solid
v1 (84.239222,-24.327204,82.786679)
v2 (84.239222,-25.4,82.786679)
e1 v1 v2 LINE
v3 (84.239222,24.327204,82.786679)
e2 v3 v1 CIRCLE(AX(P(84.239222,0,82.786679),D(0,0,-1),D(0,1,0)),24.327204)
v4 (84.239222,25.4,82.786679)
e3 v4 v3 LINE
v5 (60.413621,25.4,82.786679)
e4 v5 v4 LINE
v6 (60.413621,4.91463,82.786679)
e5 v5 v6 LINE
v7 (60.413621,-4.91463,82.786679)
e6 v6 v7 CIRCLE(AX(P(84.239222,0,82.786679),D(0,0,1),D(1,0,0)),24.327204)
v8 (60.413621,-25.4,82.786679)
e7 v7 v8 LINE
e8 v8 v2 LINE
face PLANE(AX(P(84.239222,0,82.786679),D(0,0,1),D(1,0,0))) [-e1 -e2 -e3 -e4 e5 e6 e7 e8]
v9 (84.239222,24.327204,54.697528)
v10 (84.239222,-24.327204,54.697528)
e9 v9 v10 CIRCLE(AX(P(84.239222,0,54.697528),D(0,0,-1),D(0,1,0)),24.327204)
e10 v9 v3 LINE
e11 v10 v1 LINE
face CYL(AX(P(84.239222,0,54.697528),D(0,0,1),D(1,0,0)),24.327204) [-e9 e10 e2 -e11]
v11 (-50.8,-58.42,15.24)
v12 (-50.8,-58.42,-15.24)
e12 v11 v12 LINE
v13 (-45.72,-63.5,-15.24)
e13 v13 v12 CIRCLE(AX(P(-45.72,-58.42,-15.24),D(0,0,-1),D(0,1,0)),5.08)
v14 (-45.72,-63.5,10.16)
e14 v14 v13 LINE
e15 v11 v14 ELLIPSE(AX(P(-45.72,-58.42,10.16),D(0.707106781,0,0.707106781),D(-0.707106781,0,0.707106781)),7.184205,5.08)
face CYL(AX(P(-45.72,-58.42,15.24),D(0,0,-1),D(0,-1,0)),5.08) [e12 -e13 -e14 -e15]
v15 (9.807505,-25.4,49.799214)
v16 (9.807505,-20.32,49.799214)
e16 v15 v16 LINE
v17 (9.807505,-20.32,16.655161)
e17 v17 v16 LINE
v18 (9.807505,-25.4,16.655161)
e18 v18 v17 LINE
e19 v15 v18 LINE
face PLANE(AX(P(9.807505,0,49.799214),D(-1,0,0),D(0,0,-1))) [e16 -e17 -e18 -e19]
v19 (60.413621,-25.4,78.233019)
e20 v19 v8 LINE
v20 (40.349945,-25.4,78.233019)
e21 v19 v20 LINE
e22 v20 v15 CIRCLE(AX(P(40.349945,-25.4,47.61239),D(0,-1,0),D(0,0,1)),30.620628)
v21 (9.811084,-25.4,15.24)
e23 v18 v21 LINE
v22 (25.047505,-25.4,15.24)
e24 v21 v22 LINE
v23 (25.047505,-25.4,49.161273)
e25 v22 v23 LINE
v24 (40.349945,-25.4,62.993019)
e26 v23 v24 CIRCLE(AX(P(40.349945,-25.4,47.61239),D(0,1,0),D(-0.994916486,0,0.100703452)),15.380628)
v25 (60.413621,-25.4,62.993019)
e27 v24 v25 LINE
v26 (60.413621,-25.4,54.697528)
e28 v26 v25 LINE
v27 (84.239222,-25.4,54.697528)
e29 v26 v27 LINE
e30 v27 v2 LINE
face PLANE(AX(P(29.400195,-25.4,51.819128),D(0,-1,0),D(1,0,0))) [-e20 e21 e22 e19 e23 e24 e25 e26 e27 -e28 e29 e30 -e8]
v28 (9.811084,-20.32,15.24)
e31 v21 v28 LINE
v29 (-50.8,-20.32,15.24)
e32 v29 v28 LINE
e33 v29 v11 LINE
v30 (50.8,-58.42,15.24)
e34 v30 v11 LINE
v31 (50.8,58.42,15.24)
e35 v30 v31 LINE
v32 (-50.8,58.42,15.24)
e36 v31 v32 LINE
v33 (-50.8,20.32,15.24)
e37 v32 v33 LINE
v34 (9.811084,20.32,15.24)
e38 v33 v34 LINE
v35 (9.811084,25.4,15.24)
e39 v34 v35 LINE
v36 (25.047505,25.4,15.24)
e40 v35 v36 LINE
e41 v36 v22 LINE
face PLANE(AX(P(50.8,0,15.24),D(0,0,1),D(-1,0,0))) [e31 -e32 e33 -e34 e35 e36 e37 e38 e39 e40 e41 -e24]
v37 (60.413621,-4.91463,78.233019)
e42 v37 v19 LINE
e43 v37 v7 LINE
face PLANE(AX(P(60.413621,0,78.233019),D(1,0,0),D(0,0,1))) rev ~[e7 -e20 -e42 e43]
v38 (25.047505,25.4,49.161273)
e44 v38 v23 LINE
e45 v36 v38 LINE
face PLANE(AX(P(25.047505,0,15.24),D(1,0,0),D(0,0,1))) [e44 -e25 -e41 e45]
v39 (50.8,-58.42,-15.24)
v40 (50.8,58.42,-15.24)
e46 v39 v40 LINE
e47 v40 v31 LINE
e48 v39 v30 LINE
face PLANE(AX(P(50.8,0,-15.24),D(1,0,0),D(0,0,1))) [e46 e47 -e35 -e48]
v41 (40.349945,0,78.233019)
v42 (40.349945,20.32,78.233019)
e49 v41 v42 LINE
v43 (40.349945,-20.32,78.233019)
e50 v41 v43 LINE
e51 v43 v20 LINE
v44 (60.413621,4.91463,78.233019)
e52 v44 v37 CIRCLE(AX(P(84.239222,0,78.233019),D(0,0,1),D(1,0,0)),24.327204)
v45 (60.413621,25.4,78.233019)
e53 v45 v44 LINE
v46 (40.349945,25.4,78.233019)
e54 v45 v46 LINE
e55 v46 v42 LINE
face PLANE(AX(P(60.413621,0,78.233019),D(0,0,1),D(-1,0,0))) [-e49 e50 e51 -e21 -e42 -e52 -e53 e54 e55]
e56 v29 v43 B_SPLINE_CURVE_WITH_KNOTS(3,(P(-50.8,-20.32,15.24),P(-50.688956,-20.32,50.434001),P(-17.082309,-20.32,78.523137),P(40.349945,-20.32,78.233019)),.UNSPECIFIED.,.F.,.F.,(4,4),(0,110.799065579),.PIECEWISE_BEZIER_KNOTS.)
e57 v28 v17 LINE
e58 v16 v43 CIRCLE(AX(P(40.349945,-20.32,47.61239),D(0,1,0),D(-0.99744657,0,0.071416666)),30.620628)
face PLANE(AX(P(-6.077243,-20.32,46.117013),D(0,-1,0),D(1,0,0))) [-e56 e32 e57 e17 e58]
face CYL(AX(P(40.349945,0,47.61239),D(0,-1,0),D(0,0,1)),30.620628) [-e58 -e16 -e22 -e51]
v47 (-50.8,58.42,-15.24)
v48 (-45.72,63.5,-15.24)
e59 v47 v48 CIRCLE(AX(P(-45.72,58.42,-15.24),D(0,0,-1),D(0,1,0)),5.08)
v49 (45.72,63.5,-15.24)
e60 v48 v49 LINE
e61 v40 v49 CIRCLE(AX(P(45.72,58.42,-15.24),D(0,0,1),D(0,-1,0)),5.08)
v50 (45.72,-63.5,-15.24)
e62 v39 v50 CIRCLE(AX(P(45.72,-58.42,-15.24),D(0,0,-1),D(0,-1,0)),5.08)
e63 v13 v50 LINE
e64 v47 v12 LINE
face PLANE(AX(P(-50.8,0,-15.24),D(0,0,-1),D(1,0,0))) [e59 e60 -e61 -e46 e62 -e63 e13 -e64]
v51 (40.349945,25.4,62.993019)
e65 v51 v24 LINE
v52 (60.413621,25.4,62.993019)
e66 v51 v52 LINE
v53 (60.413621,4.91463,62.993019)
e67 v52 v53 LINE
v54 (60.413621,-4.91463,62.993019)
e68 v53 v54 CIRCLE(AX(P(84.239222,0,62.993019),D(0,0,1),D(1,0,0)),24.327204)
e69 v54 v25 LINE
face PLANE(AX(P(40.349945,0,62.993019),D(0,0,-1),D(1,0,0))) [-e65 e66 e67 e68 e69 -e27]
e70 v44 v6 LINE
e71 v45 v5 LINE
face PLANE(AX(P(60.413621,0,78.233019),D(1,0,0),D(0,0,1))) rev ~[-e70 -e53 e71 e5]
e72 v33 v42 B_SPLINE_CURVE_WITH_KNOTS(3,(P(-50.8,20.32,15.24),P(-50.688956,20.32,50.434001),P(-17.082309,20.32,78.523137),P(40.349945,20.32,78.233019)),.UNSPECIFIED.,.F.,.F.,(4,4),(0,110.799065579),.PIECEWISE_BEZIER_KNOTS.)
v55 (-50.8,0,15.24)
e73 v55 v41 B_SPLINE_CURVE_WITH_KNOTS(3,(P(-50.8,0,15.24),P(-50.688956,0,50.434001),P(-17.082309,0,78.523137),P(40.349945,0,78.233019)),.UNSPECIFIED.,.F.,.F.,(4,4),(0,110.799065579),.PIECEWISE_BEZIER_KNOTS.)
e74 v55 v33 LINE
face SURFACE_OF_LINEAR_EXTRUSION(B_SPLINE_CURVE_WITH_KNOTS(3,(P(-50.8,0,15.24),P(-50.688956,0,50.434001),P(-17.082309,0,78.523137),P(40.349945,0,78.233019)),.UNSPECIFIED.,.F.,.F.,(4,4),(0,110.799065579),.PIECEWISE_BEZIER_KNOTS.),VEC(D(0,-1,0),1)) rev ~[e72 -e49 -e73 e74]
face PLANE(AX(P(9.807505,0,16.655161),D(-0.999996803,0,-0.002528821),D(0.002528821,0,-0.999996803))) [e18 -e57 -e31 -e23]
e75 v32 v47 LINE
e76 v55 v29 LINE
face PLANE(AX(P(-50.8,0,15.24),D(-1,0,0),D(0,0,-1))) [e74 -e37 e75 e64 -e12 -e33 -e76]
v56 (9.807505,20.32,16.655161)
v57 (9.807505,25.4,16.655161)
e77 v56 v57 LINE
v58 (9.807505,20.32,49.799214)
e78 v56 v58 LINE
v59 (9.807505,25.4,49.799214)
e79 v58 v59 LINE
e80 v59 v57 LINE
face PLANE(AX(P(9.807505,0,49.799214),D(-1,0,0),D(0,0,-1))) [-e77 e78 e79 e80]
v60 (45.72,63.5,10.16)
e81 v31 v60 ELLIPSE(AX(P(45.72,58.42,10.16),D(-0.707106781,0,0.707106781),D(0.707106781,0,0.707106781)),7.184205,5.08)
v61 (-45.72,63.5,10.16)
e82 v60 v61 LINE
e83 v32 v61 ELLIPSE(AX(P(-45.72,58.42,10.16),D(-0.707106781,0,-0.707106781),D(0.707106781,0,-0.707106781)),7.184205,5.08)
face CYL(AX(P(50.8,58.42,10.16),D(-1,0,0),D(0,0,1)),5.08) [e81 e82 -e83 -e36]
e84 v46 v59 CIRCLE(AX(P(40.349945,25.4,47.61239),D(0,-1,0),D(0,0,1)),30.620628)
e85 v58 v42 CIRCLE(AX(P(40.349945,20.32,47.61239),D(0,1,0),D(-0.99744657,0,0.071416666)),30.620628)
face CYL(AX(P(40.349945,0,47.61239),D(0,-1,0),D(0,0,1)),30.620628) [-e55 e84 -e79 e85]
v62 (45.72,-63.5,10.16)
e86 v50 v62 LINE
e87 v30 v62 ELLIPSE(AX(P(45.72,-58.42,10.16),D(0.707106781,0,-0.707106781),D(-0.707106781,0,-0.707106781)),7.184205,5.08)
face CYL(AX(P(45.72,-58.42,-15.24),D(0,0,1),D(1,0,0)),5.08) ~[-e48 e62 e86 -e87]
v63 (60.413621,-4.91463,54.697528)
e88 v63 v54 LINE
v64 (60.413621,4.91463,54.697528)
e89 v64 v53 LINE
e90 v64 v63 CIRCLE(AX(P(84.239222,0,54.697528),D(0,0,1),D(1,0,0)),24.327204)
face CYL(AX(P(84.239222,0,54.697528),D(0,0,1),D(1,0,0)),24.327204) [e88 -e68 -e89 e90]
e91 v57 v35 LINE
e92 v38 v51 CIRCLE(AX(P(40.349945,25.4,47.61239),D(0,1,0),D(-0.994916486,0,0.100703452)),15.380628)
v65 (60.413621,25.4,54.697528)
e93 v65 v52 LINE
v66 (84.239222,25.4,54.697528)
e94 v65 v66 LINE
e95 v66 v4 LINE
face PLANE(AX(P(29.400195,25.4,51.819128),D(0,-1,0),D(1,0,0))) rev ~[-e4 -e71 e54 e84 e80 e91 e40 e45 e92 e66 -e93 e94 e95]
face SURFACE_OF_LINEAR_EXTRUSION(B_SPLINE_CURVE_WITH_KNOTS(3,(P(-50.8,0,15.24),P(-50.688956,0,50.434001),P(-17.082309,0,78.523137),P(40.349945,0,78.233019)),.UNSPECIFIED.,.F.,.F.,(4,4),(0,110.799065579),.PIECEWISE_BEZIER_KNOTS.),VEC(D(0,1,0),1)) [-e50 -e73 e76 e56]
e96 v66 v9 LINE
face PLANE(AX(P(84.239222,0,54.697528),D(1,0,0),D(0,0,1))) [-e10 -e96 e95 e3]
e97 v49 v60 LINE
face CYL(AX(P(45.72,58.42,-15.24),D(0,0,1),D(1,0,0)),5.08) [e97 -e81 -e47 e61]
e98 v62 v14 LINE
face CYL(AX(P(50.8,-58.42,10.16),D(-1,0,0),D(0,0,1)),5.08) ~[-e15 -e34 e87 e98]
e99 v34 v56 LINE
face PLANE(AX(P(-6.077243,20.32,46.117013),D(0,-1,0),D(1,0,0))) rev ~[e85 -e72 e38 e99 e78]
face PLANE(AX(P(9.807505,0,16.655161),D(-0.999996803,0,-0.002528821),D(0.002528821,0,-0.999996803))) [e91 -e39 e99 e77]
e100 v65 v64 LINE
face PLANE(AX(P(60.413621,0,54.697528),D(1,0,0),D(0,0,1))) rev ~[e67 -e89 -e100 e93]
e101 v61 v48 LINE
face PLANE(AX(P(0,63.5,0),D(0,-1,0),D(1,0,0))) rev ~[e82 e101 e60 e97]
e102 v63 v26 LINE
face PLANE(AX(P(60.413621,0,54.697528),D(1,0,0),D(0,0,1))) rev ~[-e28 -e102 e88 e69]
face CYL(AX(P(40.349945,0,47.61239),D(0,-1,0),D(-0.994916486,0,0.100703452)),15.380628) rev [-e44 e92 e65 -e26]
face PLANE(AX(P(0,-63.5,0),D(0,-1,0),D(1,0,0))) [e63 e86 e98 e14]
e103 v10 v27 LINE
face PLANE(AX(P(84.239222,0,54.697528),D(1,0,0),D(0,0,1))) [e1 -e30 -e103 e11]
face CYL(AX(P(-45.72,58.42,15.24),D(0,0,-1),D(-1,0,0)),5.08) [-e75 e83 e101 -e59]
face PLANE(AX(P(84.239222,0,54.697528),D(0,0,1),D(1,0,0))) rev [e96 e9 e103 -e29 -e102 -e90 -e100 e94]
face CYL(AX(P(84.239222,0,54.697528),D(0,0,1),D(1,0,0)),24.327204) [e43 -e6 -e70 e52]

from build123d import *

# Parameters (mm, degrees)
F1_DEPTH = 63.5
F2_R     = 5.08
F0_W     = 23.8256007433
F0_H     = 15.24
F0_H_2   = 4.5536607504
F0_H_3   = 8.295490036
F3_DEPTH = 25.4
F4_DEPTH = 20.32


with BuildPart() as f1:
    # F0 (on Front) → F1 (new body, symmetric)
    with BuildSketch(Plane.XZ):
        Polygon((50.8, 15.24), (25.0475049125, 15.24), (9.811083613, 15.24), (-50.8, 15.24), (-50.8, -15.24), (50.8, -15.24), align=None)
    extrude(amount=F1_DEPTH, both=True)

    # F2
    f2_edges = [f1.edges().sort_by_distance(p)[0] for p in [
        (0, -63.5, 15.24),
        (50.8, -63.5, 0),
        (50.8, 63.5, 0),
        (-50.8, -63.5, 0),
        (-50.8, 63.5, 0),
        (0, 63.5, 15.24),
    ]]
    fillet(f2_edges, radius=F2_R)

    # F0 (on Front) → F3 (join, symmetric)
    with BuildSketch(Plane.XZ):
        with BuildLine():
            Line((9.811083613, 15.24), (25.0475049125, 15.24))
            Line((25.0475049125, 15.24), (25.0475049125, 49.1612727198))
            ThreePointArc((25.0475049125, 49.1612727198), (30.0363393946, 59.0226161714), (40.349945426, 62.9930185175))
            Line((40.349945426, 62.9930185175), (60.413621366, 62.9930185175))
            Line((60.413621366, 62.9930185175), (60.413621366, 78.2330185175))
            Line((60.413621366, 78.2330185175), (40.349945426, 78.2330185175))
            ThreePointArc((40.349945426, 78.2330185175), (19.4853705585, 70.0242707851), (9.8075049125, 49.7992135472))
            Line((9.8075049125, 49.7992135472), (9.8075049125, 16.6551610548))
            Line((9.8075049125, 16.6551610548), (9.811083613, 15.24))
        make_face()
        with Locations((72.3264217377, 70.6130185175)):
            Rectangle(F0_W, F0_H)
        with Locations((72.3264217377, 80.5098488927)):
            Rectangle(F0_W, F0_H_2)
        with Locations((72.3264217377, 58.8452734995)):
            Rectangle(F0_W, F0_H_3)
    extrude(amount=F3_DEPTH, both=True)

    # F0 (on Front) → F4 (join, symmetric)
    with BuildSketch(Plane.XZ):
        with BuildLine():
            Line((-50.8, 15.24), (9.811083613, 15.24))
            Line((9.811083613, 15.24), (9.8075049125, 16.6551610548))
            Line((9.8075049125, 16.6551610548), (9.8075049125, 49.7992135472))
            ThreePointArc((9.8075049125, 49.7992135472), (19.4853705585, 70.0242707851), (40.349945426, 78.2330185175))
            add(Edge.make_bspline(
                [(-50.8, 15.24), (-50.6889559329, 50.4340007901), (-17.0823093504, 78.5231366754), (40.349945426, 78.2330185175)],
                knots=[0, 0, 0, 0, 110.7990655787, 110.7990655787, 110.7990655787, 110.7990655787], degree=3))
        make_face()
    extrude(amount=F4_DEPTH, both=True)

    # F0 (on Front) → F5 (revolve)
    with BuildSketch(Plane.XZ):
        Polygon((84.2392221093, 78.2330185175), (84.2392221093, 62.9930185175), (84.2392221093, 54.6975284815), (108.5664257407, 54.6975284815), (108.5664257407, 82.7866792679), (84.2392221093, 82.7866792679), align=None)
    revolve(axis=Axis((84.2392221093, 0, 68.7421038747), (0, 0, 1)))


solid = f1.part
